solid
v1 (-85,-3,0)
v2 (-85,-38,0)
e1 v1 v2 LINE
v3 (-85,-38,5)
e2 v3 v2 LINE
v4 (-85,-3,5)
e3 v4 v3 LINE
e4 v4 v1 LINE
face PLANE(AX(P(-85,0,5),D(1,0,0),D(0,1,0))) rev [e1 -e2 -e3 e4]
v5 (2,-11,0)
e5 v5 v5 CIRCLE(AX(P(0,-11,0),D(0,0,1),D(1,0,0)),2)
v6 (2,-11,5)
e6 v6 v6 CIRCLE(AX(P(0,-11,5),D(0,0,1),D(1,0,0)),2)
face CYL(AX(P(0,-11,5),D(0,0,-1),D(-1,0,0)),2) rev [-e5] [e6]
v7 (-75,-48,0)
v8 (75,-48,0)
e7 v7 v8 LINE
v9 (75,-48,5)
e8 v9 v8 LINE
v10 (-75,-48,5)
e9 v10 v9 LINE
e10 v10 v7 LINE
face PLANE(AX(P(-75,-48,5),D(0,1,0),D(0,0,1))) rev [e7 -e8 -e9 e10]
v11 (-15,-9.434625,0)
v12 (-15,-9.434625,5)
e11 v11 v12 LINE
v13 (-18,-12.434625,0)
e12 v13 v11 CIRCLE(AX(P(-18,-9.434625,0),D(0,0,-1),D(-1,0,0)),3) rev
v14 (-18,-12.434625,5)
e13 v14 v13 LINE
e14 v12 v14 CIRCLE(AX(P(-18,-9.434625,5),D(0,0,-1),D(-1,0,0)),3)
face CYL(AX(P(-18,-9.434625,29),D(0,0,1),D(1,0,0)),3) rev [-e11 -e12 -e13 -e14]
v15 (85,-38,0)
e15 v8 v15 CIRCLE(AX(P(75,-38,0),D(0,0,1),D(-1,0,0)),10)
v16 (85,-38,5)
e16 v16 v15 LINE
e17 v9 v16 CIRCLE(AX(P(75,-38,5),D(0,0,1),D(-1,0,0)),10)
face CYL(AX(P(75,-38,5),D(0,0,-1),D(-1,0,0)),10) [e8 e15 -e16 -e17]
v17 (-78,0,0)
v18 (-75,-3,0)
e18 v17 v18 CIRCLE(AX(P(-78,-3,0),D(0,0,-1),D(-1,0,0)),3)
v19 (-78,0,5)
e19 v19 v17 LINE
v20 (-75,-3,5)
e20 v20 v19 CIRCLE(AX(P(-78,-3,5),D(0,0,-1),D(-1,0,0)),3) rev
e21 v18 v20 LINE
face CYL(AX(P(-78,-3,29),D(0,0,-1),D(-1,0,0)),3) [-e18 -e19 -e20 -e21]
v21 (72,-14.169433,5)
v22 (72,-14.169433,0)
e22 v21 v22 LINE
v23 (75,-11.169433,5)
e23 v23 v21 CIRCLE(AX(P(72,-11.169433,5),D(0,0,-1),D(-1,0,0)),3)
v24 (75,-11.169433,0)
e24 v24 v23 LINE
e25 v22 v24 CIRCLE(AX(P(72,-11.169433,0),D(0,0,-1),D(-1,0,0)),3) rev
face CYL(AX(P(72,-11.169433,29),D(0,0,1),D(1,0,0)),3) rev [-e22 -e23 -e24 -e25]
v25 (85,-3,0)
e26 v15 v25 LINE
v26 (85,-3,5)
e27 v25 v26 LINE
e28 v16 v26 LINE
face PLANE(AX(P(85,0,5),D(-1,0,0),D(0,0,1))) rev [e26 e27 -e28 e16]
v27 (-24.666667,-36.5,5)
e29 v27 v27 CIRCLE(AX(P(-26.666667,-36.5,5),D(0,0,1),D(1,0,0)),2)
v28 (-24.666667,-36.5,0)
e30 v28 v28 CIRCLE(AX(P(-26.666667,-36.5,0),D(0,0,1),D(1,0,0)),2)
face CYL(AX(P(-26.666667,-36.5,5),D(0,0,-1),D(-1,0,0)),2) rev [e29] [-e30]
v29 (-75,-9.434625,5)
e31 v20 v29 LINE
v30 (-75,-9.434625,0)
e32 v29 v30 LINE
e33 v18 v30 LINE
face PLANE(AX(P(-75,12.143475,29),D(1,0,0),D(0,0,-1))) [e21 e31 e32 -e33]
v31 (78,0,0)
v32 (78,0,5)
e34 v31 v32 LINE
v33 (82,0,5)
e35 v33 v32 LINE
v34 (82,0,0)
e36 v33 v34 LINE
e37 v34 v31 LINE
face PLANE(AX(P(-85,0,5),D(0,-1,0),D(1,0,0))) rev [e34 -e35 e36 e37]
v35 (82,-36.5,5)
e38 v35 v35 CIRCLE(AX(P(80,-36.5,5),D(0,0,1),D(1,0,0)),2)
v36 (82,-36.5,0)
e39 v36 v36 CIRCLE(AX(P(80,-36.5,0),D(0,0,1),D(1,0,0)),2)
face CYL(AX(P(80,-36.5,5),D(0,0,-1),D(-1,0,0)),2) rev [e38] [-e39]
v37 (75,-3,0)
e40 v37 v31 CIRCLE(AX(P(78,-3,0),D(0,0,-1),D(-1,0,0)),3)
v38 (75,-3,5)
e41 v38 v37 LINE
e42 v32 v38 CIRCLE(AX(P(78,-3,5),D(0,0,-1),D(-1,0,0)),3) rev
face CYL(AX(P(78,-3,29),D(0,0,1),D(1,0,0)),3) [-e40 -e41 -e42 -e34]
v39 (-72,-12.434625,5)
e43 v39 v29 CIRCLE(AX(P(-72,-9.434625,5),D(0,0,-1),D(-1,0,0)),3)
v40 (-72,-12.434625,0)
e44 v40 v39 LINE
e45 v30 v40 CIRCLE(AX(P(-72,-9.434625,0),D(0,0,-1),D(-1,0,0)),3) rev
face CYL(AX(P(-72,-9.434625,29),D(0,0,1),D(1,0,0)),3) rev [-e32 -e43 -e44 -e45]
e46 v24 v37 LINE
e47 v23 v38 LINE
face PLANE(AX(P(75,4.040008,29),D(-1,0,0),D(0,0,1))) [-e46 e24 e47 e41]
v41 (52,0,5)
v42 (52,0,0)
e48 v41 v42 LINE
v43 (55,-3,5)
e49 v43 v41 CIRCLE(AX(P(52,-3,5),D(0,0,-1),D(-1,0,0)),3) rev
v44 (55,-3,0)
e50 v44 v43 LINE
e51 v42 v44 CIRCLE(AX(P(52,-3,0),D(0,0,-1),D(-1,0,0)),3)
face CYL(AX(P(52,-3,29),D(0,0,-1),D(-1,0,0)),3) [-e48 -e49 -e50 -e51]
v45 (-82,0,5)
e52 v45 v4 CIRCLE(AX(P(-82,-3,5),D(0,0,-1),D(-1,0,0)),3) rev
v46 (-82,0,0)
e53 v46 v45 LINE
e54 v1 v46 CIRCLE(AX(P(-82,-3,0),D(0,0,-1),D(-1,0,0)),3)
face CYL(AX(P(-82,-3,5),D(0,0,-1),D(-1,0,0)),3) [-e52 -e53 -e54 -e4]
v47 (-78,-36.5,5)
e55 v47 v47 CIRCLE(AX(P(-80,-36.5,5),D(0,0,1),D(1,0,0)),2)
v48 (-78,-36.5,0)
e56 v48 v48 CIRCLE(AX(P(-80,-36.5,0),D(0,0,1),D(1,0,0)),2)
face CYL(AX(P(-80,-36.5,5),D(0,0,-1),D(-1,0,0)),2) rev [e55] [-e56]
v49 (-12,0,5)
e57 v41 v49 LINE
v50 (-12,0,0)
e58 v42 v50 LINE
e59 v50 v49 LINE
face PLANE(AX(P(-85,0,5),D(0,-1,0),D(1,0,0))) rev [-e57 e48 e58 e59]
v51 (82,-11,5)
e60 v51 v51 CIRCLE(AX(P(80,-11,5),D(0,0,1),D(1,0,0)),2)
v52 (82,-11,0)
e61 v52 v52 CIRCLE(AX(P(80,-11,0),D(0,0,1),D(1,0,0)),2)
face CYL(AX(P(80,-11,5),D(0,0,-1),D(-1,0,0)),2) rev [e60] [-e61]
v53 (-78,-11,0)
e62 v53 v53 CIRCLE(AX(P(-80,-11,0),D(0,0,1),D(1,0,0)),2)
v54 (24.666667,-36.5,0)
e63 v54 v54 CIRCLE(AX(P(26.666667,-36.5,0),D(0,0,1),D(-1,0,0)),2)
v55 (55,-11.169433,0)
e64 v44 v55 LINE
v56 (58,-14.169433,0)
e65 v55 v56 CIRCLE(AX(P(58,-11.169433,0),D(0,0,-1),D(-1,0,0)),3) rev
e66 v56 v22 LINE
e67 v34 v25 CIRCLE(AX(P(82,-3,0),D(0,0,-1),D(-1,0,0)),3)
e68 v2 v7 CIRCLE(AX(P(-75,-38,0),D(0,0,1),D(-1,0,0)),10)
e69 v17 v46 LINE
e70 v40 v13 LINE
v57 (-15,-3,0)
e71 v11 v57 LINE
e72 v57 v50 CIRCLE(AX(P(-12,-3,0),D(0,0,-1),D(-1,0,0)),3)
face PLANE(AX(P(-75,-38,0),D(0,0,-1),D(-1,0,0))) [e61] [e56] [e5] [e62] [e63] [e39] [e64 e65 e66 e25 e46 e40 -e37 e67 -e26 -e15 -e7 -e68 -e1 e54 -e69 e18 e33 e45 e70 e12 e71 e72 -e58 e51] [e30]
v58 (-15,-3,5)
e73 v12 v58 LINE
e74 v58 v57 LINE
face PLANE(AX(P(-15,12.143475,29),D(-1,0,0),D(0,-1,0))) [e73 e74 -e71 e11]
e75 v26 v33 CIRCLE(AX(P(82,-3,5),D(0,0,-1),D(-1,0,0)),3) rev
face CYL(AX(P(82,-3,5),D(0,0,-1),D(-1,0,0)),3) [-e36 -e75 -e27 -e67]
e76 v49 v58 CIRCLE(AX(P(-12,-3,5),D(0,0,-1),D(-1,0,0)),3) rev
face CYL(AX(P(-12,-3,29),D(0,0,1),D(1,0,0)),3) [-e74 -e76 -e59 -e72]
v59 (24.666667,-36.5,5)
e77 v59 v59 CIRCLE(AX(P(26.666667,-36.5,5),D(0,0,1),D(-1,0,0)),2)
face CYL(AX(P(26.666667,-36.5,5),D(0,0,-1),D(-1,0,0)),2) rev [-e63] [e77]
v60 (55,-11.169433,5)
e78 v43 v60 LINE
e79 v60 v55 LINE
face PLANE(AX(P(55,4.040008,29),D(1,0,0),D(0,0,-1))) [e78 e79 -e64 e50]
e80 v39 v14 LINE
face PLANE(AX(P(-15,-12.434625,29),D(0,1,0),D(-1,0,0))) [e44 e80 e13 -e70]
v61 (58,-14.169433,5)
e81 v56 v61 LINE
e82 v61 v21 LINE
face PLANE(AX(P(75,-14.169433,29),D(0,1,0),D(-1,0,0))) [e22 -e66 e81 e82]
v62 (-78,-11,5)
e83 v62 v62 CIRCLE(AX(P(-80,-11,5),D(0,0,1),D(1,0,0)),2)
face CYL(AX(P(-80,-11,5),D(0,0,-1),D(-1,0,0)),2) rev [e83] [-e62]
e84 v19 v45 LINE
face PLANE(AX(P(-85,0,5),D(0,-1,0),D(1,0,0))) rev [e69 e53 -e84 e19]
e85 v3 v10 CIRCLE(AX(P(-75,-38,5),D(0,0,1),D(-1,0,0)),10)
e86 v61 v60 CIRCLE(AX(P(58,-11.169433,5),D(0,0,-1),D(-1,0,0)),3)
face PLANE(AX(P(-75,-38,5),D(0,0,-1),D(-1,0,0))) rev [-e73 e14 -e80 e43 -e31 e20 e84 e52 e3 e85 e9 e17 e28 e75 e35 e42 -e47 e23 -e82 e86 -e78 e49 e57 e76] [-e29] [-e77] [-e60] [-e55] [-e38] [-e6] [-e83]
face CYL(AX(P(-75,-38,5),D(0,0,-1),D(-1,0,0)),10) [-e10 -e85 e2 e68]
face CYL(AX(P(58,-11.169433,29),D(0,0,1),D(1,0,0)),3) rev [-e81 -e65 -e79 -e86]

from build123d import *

# Parameters (mm, degrees)
SKETCH_1_R          = 2
EXTRUDE_1_DEPTH     = 5
SKETCH_2_W          = 60
SKETCH_2_H          = 24.578099901
SKETCH_2_W_2        = 20
SKETCH_2_H_2        = 18.209440524
CUT_EXTRUDE_1_DEPTH = 29
FILLET_1_R          = 3


with BuildPart() as part:
    # 草图1 → 凸台-拉伸1 (new body)
    with BuildSketch(Plane.XY):
        with BuildLine():
            Line((-85, 0), (85, 0))
            Line((85, 0), (85, -38))
            ThreePointArc((85, -38), (82.071067812, -45.071067812), (75, -48))
            Line((75, -48), (-75, -48))
            ThreePointArc((-75, -48), (-82.071067812, -45.071067812), (-85, -38))
            Line((-85, -38), (-85, 0))
        make_face()
        with Locations((-80, -11)):
            Circle(SKETCH_1_R, mode=Mode.SUBTRACT)
        with Locations((0, -11)):
            Circle(SKETCH_1_R, mode=Mode.SUBTRACT)
        with Locations((80, -11)):
            Circle(SKETCH_1_R, mode=Mode.SUBTRACT)
        with Locations((-80, -36.5)):
            Circle(SKETCH_1_R, mode=Mode.SUBTRACT)
        with Locations((80, -36.5)):
            Circle(SKETCH_1_R, mode=Mode.SUBTRACT)
        with Locations((-26.666666667, -36.5)):
            Circle(SKETCH_1_R, mode=Mode.SUBTRACT)
        with Locations((26.666666667, -36.5)):
            Circle(SKETCH_1_R, mode=Mode.SUBTRACT)
    extrude(amount=EXTRUDE_1_DEPTH)

    # 草图2 → 切除-拉伸1 (cut)
    with BuildSketch(Plane.XY):
        with Locations((-45, -0.145574748)):
            Rectangle(SKETCH_2_W, SKETCH_2_H)
        with Locations((65, -5.064712671)):
            Rectangle(SKETCH_2_W_2, SKETCH_2_H_2)
    extrude(amount=CUT_EXTRUDE_1_DEPTH, mode=Mode.SUBTRACT)

    # 圆角1
    fillet_1_edges = [part.edges().sort_by_distance(p)[0] for p in [
        (-85, 0, 2.5),
        (85, 0, 2.5),
        (55, 0, 2.5),
        (75, 0, 2.5),
        (-75, 0, 2.5),
        (-15, 0, 2.5),
        (-75, -12.434624699, 2.5),
        (-15, -12.434624699, 2.5),
        (55, -14.169432933, 2.5),
        (75, -14.169432933, 2.5),
    ]]
    fillet(fillet_1_edges, radius=FILLET_1_R)


solid = part.part
